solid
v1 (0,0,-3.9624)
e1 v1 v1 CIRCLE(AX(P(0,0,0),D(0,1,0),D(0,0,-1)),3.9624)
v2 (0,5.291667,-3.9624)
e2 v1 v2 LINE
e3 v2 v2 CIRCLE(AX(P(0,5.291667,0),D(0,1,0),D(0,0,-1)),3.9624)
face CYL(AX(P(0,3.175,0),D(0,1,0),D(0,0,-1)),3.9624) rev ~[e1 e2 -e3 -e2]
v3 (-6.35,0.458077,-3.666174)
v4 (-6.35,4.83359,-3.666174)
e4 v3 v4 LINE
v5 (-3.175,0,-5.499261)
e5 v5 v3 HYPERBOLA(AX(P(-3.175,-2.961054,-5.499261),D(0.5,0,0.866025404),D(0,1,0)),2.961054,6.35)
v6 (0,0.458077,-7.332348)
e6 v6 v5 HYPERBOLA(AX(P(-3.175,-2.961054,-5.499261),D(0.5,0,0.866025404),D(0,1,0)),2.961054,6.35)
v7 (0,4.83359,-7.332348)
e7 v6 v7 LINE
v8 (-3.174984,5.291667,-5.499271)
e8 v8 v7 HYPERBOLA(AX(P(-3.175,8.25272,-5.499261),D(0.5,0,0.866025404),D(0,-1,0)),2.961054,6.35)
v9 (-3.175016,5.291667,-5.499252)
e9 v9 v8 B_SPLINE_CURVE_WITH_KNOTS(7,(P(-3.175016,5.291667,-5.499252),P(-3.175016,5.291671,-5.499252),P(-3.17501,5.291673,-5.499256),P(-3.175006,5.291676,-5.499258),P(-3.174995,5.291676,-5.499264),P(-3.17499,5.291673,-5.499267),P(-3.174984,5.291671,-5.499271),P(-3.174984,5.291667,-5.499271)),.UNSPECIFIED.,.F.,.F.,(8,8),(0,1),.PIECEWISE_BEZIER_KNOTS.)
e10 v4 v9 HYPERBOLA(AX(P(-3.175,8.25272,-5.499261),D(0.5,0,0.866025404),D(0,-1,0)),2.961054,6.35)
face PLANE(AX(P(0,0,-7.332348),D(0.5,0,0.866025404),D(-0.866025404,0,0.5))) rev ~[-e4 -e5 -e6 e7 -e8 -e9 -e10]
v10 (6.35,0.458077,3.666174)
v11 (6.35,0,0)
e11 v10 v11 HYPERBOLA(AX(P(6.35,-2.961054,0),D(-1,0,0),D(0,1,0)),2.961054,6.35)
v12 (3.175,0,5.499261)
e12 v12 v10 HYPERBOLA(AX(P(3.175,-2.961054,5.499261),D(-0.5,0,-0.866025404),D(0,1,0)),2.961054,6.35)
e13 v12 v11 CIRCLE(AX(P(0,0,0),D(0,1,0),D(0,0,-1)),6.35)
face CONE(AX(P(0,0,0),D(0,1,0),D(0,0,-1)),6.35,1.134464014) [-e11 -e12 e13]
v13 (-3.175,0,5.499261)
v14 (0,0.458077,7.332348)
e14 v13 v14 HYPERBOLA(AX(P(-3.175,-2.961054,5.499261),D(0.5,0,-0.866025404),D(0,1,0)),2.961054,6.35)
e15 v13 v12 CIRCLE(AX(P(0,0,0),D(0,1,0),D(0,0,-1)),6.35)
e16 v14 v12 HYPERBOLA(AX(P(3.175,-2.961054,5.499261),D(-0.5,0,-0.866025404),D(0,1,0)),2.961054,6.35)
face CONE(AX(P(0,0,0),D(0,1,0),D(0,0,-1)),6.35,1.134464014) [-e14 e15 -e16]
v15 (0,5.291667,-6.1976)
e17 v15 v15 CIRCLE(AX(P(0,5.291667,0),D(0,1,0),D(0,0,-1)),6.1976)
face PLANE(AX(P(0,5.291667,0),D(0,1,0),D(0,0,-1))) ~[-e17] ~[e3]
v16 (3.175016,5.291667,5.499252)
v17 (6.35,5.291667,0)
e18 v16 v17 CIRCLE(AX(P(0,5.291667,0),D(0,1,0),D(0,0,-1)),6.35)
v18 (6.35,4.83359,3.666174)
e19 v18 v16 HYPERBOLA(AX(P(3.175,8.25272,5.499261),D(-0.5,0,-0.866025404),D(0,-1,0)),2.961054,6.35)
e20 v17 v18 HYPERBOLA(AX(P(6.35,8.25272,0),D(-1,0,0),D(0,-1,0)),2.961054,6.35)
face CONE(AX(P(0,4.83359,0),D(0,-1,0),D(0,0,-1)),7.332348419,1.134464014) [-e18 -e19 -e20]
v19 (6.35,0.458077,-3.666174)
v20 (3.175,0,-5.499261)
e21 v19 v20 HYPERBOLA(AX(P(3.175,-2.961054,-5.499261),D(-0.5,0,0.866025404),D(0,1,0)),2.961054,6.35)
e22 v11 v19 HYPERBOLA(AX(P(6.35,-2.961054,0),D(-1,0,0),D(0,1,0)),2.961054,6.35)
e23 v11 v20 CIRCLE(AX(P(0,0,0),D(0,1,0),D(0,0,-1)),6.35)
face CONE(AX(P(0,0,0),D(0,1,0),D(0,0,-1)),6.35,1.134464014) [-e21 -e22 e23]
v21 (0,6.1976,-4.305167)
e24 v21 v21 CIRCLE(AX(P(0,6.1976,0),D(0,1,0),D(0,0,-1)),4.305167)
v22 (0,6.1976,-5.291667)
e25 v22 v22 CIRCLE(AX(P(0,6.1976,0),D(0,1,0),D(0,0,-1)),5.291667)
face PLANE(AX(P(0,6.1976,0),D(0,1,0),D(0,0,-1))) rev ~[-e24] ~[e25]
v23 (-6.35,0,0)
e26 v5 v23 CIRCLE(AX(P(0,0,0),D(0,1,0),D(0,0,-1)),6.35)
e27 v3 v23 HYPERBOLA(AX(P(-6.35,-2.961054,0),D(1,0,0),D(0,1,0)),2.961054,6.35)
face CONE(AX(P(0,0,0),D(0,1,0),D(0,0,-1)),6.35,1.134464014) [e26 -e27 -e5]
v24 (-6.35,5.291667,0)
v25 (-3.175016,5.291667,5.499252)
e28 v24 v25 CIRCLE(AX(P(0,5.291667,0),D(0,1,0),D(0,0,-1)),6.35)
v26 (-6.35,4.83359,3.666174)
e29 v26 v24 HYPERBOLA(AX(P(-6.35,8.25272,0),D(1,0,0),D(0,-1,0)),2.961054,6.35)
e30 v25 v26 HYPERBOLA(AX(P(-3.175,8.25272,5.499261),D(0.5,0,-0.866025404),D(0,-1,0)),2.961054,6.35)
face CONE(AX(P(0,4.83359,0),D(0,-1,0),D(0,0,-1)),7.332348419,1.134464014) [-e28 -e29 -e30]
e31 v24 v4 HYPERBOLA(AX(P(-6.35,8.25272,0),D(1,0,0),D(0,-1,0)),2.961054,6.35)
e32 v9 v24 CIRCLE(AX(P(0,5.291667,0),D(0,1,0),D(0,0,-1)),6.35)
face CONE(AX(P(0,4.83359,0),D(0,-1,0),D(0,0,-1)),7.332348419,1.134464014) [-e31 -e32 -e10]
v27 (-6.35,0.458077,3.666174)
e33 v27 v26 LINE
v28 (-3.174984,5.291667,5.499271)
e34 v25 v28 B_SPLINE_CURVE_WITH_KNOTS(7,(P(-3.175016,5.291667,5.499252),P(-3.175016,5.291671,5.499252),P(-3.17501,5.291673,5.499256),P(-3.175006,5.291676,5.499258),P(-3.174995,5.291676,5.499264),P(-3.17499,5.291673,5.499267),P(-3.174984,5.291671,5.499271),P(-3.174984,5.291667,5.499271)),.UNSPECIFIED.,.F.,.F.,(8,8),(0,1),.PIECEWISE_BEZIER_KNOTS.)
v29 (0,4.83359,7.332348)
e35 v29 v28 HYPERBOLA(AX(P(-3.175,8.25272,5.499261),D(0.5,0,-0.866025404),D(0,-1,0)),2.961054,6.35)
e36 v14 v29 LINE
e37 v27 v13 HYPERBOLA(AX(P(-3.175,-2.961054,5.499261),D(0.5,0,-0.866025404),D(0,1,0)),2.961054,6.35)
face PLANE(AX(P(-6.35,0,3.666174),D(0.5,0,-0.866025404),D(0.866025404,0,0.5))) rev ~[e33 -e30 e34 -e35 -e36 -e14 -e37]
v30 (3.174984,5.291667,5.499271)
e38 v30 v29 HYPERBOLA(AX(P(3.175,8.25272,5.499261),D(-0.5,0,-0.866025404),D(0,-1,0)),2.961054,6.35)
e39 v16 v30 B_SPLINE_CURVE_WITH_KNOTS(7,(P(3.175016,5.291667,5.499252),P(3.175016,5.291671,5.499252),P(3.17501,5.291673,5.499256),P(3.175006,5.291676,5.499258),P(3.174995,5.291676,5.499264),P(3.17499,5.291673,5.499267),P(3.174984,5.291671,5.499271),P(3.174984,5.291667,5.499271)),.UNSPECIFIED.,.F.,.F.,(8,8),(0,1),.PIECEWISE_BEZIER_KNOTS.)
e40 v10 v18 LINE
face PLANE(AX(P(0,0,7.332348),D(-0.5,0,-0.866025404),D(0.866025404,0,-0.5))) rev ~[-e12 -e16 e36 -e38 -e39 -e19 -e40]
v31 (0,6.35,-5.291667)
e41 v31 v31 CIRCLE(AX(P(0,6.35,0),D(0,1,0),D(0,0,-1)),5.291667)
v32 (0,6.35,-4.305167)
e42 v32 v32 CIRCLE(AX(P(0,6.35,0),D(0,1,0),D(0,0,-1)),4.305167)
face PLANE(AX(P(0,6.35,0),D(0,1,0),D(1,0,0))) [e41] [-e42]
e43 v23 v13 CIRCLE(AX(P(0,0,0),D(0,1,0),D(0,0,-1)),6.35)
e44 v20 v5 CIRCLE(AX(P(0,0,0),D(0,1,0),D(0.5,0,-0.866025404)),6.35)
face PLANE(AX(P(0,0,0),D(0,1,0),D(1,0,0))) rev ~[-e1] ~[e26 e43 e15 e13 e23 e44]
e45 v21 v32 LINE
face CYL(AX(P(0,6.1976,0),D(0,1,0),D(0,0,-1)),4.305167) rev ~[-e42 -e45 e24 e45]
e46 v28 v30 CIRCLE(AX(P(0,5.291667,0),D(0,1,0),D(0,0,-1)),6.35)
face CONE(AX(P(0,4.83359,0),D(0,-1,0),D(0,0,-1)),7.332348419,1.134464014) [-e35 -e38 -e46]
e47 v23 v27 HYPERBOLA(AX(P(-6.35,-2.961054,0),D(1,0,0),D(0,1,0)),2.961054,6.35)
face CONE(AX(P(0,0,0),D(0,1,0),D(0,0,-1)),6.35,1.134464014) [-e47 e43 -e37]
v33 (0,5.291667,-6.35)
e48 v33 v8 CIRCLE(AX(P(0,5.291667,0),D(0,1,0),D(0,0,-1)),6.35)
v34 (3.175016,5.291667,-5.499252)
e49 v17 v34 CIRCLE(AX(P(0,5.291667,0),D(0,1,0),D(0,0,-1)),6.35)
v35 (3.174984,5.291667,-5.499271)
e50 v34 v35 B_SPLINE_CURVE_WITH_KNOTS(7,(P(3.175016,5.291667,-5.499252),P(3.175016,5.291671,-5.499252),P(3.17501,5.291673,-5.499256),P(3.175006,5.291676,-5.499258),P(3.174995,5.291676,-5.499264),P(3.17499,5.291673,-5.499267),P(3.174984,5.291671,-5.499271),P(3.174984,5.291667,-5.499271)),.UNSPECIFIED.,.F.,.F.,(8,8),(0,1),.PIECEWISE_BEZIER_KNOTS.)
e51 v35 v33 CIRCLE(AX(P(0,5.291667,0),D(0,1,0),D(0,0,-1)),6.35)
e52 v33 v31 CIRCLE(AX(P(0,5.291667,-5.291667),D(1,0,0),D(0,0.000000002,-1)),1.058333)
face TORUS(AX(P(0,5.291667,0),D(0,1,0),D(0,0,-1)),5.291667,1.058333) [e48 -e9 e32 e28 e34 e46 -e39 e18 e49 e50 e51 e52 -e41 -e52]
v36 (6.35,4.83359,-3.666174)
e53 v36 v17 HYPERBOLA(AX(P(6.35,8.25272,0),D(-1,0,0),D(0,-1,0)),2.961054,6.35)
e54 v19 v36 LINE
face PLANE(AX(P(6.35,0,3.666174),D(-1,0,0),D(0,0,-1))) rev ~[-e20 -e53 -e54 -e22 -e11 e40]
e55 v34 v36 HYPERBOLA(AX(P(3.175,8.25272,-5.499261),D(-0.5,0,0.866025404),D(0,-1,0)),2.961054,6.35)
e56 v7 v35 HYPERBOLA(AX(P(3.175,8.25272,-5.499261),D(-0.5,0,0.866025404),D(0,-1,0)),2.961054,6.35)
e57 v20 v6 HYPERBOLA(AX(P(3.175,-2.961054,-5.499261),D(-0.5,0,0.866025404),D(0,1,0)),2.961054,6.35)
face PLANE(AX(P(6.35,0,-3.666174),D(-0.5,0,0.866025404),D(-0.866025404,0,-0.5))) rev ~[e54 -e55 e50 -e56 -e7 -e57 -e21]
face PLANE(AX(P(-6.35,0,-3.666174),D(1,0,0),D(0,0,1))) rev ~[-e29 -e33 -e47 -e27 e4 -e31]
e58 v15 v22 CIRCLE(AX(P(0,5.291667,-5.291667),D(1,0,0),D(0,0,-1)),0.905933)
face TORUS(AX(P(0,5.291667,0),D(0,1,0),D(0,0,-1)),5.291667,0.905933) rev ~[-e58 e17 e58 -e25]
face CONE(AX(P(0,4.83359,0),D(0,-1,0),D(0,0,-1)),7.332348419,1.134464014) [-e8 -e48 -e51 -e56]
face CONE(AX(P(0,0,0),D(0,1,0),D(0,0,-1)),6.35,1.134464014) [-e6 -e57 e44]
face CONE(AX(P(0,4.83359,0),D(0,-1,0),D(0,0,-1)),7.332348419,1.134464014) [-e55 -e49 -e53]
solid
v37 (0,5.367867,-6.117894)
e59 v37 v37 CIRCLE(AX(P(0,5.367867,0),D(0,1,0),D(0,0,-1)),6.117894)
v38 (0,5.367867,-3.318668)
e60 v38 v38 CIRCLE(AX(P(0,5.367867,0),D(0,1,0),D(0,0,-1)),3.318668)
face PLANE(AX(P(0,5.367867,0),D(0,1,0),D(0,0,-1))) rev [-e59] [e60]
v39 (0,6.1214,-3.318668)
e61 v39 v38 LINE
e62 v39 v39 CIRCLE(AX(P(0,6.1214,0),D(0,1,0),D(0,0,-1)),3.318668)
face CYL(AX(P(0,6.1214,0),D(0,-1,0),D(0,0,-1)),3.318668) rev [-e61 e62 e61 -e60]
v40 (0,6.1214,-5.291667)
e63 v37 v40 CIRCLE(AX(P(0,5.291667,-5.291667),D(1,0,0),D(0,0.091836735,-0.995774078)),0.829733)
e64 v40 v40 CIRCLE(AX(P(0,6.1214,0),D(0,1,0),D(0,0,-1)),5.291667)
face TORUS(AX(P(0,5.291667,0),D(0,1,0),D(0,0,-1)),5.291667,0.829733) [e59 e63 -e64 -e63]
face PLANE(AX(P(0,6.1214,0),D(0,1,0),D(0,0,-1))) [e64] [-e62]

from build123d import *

# Parameters (mm, degrees)
EXTRUDE1_DEPTH = 6.35
SKETCH2_W      = 3.9624
SKETCH2_H      = 6.35


with BuildPart() as part:
    # Sketch1 → Extrude1 (new body)
    with BuildSketch(Plane(origin=(0, 0, 0), x_dir=(1, 0, 0), z_dir=(0, 1, 0))):
        Polygon((0, 7.332348419), (-6.35, 3.666174209), (-6.35, -3.666174209), (0, -7.332348419), (6.35, -3.666174209), (6.35, 3.666174209), align=None)
    extrude(amount=EXTRUDE1_DEPTH)


with BuildPart() as body_2:
    # Sketch2 → Revolve1 (revolve)
    with BuildSketch(Plane(origin=(0, 0, 0), x_dir=(0, 0, -1), z_dir=(1, 0, 0))):
        with Locations((1.9812, 3.175)):
            Rectangle(SKETCH2_W, SKETCH2_H)
    revolve(axis=Axis((0, -3.9624, 0), (0, 1, 0)))


with BuildPart() as part_1:
    add(part.part)

    # Combine1: cut body 2
    add(body_2.part, mode=Mode.SUBTRACT)

    # Sketch5 → Cut-Revolve3 (revolve, cut)
    with BuildSketch(Plane(origin=(0, 0, 0), x_dir=(0, 0, -1), z_dir=(1, 0, 0))):
        with BuildLine():
            Line((0, 0), (6.35, 0))
            Line((6.35, 0), (7.332348419, 0.458076591))
            Line((7.332348419, 0.458076591), (7.332348419, 4.833590076))
            Line((7.332348419, 4.833590076), (6.35, 5.291666667))
            ThreePointArc((6.35, 5.291666667), (6.040021343, 6.040021343), (5.291666667, 6.35))
            Line((5.291666667, 6.35), (5.291666667, 7.62))
            Line((5.291666667, 7.62), (8.602348419, 7.62))
            Line((8.602348419, 7.62), (8.602348419, -1.27))
            Line((8.602348419, -1.27), (0, -1.27))
            Line((0, -1.27), (0, 0))
        make_face()
    revolve(axis=Axis((0, 0, 0), (0, 1, 0)), mode=Mode.SUBTRACT)

    # Sketch6 → Cut-Revolve4 (revolve, cut)
    with BuildSketch(Plane(origin=(0, 0, 0), x_dir=(0, 0, -1), z_dir=(1, 0, 0))):
        with BuildLine():
            Line((0, 5.291666667), (6.1976, 5.291666667))
            ThreePointArc((6.1976, 5.291666667), (5.93225827, 5.93225827), (5.291666667, 6.1976))
            Line((5.291666667, 6.1976), (4.305167447, 6.1976))
            Line((4.305167447, 6.1976), (4.305167447, 7.62))
            Line((4.305167447, 7.62), (0, 7.62))
            Line((0, 7.62), (0, 5.291666667))
        make_face()
    revolve(axis=Axis((0, 7.62, 0), (0, 1, 0)), mode=Mode.SUBTRACT)


with BuildPart() as body_2_2:
    # Sketch7 → Revolve2 (revolve)
    with BuildSketch(Plane(origin=(0, 0, 0), x_dir=(0, 0, -1), z_dir=(1, 0, 0))):
        with BuildLine():
            Line((3.318668226, 5.367866667), (6.117893612, 5.367866667))
            ThreePointArc((6.117893612, 5.367866667), (5.850787282, 5.904725834), (5.291666667, 6.1214))
            Line((5.291666667, 6.1214), (3.318668226, 6.1214))
            Line((3.318668226, 6.1214), (3.318668226, 5.367866667))
        make_face()
    revolve(axis=Axis((0, 5.367866667, 0), (0, 1, 0)))


solid = Compound([part_1.part, body_2_2.part])
